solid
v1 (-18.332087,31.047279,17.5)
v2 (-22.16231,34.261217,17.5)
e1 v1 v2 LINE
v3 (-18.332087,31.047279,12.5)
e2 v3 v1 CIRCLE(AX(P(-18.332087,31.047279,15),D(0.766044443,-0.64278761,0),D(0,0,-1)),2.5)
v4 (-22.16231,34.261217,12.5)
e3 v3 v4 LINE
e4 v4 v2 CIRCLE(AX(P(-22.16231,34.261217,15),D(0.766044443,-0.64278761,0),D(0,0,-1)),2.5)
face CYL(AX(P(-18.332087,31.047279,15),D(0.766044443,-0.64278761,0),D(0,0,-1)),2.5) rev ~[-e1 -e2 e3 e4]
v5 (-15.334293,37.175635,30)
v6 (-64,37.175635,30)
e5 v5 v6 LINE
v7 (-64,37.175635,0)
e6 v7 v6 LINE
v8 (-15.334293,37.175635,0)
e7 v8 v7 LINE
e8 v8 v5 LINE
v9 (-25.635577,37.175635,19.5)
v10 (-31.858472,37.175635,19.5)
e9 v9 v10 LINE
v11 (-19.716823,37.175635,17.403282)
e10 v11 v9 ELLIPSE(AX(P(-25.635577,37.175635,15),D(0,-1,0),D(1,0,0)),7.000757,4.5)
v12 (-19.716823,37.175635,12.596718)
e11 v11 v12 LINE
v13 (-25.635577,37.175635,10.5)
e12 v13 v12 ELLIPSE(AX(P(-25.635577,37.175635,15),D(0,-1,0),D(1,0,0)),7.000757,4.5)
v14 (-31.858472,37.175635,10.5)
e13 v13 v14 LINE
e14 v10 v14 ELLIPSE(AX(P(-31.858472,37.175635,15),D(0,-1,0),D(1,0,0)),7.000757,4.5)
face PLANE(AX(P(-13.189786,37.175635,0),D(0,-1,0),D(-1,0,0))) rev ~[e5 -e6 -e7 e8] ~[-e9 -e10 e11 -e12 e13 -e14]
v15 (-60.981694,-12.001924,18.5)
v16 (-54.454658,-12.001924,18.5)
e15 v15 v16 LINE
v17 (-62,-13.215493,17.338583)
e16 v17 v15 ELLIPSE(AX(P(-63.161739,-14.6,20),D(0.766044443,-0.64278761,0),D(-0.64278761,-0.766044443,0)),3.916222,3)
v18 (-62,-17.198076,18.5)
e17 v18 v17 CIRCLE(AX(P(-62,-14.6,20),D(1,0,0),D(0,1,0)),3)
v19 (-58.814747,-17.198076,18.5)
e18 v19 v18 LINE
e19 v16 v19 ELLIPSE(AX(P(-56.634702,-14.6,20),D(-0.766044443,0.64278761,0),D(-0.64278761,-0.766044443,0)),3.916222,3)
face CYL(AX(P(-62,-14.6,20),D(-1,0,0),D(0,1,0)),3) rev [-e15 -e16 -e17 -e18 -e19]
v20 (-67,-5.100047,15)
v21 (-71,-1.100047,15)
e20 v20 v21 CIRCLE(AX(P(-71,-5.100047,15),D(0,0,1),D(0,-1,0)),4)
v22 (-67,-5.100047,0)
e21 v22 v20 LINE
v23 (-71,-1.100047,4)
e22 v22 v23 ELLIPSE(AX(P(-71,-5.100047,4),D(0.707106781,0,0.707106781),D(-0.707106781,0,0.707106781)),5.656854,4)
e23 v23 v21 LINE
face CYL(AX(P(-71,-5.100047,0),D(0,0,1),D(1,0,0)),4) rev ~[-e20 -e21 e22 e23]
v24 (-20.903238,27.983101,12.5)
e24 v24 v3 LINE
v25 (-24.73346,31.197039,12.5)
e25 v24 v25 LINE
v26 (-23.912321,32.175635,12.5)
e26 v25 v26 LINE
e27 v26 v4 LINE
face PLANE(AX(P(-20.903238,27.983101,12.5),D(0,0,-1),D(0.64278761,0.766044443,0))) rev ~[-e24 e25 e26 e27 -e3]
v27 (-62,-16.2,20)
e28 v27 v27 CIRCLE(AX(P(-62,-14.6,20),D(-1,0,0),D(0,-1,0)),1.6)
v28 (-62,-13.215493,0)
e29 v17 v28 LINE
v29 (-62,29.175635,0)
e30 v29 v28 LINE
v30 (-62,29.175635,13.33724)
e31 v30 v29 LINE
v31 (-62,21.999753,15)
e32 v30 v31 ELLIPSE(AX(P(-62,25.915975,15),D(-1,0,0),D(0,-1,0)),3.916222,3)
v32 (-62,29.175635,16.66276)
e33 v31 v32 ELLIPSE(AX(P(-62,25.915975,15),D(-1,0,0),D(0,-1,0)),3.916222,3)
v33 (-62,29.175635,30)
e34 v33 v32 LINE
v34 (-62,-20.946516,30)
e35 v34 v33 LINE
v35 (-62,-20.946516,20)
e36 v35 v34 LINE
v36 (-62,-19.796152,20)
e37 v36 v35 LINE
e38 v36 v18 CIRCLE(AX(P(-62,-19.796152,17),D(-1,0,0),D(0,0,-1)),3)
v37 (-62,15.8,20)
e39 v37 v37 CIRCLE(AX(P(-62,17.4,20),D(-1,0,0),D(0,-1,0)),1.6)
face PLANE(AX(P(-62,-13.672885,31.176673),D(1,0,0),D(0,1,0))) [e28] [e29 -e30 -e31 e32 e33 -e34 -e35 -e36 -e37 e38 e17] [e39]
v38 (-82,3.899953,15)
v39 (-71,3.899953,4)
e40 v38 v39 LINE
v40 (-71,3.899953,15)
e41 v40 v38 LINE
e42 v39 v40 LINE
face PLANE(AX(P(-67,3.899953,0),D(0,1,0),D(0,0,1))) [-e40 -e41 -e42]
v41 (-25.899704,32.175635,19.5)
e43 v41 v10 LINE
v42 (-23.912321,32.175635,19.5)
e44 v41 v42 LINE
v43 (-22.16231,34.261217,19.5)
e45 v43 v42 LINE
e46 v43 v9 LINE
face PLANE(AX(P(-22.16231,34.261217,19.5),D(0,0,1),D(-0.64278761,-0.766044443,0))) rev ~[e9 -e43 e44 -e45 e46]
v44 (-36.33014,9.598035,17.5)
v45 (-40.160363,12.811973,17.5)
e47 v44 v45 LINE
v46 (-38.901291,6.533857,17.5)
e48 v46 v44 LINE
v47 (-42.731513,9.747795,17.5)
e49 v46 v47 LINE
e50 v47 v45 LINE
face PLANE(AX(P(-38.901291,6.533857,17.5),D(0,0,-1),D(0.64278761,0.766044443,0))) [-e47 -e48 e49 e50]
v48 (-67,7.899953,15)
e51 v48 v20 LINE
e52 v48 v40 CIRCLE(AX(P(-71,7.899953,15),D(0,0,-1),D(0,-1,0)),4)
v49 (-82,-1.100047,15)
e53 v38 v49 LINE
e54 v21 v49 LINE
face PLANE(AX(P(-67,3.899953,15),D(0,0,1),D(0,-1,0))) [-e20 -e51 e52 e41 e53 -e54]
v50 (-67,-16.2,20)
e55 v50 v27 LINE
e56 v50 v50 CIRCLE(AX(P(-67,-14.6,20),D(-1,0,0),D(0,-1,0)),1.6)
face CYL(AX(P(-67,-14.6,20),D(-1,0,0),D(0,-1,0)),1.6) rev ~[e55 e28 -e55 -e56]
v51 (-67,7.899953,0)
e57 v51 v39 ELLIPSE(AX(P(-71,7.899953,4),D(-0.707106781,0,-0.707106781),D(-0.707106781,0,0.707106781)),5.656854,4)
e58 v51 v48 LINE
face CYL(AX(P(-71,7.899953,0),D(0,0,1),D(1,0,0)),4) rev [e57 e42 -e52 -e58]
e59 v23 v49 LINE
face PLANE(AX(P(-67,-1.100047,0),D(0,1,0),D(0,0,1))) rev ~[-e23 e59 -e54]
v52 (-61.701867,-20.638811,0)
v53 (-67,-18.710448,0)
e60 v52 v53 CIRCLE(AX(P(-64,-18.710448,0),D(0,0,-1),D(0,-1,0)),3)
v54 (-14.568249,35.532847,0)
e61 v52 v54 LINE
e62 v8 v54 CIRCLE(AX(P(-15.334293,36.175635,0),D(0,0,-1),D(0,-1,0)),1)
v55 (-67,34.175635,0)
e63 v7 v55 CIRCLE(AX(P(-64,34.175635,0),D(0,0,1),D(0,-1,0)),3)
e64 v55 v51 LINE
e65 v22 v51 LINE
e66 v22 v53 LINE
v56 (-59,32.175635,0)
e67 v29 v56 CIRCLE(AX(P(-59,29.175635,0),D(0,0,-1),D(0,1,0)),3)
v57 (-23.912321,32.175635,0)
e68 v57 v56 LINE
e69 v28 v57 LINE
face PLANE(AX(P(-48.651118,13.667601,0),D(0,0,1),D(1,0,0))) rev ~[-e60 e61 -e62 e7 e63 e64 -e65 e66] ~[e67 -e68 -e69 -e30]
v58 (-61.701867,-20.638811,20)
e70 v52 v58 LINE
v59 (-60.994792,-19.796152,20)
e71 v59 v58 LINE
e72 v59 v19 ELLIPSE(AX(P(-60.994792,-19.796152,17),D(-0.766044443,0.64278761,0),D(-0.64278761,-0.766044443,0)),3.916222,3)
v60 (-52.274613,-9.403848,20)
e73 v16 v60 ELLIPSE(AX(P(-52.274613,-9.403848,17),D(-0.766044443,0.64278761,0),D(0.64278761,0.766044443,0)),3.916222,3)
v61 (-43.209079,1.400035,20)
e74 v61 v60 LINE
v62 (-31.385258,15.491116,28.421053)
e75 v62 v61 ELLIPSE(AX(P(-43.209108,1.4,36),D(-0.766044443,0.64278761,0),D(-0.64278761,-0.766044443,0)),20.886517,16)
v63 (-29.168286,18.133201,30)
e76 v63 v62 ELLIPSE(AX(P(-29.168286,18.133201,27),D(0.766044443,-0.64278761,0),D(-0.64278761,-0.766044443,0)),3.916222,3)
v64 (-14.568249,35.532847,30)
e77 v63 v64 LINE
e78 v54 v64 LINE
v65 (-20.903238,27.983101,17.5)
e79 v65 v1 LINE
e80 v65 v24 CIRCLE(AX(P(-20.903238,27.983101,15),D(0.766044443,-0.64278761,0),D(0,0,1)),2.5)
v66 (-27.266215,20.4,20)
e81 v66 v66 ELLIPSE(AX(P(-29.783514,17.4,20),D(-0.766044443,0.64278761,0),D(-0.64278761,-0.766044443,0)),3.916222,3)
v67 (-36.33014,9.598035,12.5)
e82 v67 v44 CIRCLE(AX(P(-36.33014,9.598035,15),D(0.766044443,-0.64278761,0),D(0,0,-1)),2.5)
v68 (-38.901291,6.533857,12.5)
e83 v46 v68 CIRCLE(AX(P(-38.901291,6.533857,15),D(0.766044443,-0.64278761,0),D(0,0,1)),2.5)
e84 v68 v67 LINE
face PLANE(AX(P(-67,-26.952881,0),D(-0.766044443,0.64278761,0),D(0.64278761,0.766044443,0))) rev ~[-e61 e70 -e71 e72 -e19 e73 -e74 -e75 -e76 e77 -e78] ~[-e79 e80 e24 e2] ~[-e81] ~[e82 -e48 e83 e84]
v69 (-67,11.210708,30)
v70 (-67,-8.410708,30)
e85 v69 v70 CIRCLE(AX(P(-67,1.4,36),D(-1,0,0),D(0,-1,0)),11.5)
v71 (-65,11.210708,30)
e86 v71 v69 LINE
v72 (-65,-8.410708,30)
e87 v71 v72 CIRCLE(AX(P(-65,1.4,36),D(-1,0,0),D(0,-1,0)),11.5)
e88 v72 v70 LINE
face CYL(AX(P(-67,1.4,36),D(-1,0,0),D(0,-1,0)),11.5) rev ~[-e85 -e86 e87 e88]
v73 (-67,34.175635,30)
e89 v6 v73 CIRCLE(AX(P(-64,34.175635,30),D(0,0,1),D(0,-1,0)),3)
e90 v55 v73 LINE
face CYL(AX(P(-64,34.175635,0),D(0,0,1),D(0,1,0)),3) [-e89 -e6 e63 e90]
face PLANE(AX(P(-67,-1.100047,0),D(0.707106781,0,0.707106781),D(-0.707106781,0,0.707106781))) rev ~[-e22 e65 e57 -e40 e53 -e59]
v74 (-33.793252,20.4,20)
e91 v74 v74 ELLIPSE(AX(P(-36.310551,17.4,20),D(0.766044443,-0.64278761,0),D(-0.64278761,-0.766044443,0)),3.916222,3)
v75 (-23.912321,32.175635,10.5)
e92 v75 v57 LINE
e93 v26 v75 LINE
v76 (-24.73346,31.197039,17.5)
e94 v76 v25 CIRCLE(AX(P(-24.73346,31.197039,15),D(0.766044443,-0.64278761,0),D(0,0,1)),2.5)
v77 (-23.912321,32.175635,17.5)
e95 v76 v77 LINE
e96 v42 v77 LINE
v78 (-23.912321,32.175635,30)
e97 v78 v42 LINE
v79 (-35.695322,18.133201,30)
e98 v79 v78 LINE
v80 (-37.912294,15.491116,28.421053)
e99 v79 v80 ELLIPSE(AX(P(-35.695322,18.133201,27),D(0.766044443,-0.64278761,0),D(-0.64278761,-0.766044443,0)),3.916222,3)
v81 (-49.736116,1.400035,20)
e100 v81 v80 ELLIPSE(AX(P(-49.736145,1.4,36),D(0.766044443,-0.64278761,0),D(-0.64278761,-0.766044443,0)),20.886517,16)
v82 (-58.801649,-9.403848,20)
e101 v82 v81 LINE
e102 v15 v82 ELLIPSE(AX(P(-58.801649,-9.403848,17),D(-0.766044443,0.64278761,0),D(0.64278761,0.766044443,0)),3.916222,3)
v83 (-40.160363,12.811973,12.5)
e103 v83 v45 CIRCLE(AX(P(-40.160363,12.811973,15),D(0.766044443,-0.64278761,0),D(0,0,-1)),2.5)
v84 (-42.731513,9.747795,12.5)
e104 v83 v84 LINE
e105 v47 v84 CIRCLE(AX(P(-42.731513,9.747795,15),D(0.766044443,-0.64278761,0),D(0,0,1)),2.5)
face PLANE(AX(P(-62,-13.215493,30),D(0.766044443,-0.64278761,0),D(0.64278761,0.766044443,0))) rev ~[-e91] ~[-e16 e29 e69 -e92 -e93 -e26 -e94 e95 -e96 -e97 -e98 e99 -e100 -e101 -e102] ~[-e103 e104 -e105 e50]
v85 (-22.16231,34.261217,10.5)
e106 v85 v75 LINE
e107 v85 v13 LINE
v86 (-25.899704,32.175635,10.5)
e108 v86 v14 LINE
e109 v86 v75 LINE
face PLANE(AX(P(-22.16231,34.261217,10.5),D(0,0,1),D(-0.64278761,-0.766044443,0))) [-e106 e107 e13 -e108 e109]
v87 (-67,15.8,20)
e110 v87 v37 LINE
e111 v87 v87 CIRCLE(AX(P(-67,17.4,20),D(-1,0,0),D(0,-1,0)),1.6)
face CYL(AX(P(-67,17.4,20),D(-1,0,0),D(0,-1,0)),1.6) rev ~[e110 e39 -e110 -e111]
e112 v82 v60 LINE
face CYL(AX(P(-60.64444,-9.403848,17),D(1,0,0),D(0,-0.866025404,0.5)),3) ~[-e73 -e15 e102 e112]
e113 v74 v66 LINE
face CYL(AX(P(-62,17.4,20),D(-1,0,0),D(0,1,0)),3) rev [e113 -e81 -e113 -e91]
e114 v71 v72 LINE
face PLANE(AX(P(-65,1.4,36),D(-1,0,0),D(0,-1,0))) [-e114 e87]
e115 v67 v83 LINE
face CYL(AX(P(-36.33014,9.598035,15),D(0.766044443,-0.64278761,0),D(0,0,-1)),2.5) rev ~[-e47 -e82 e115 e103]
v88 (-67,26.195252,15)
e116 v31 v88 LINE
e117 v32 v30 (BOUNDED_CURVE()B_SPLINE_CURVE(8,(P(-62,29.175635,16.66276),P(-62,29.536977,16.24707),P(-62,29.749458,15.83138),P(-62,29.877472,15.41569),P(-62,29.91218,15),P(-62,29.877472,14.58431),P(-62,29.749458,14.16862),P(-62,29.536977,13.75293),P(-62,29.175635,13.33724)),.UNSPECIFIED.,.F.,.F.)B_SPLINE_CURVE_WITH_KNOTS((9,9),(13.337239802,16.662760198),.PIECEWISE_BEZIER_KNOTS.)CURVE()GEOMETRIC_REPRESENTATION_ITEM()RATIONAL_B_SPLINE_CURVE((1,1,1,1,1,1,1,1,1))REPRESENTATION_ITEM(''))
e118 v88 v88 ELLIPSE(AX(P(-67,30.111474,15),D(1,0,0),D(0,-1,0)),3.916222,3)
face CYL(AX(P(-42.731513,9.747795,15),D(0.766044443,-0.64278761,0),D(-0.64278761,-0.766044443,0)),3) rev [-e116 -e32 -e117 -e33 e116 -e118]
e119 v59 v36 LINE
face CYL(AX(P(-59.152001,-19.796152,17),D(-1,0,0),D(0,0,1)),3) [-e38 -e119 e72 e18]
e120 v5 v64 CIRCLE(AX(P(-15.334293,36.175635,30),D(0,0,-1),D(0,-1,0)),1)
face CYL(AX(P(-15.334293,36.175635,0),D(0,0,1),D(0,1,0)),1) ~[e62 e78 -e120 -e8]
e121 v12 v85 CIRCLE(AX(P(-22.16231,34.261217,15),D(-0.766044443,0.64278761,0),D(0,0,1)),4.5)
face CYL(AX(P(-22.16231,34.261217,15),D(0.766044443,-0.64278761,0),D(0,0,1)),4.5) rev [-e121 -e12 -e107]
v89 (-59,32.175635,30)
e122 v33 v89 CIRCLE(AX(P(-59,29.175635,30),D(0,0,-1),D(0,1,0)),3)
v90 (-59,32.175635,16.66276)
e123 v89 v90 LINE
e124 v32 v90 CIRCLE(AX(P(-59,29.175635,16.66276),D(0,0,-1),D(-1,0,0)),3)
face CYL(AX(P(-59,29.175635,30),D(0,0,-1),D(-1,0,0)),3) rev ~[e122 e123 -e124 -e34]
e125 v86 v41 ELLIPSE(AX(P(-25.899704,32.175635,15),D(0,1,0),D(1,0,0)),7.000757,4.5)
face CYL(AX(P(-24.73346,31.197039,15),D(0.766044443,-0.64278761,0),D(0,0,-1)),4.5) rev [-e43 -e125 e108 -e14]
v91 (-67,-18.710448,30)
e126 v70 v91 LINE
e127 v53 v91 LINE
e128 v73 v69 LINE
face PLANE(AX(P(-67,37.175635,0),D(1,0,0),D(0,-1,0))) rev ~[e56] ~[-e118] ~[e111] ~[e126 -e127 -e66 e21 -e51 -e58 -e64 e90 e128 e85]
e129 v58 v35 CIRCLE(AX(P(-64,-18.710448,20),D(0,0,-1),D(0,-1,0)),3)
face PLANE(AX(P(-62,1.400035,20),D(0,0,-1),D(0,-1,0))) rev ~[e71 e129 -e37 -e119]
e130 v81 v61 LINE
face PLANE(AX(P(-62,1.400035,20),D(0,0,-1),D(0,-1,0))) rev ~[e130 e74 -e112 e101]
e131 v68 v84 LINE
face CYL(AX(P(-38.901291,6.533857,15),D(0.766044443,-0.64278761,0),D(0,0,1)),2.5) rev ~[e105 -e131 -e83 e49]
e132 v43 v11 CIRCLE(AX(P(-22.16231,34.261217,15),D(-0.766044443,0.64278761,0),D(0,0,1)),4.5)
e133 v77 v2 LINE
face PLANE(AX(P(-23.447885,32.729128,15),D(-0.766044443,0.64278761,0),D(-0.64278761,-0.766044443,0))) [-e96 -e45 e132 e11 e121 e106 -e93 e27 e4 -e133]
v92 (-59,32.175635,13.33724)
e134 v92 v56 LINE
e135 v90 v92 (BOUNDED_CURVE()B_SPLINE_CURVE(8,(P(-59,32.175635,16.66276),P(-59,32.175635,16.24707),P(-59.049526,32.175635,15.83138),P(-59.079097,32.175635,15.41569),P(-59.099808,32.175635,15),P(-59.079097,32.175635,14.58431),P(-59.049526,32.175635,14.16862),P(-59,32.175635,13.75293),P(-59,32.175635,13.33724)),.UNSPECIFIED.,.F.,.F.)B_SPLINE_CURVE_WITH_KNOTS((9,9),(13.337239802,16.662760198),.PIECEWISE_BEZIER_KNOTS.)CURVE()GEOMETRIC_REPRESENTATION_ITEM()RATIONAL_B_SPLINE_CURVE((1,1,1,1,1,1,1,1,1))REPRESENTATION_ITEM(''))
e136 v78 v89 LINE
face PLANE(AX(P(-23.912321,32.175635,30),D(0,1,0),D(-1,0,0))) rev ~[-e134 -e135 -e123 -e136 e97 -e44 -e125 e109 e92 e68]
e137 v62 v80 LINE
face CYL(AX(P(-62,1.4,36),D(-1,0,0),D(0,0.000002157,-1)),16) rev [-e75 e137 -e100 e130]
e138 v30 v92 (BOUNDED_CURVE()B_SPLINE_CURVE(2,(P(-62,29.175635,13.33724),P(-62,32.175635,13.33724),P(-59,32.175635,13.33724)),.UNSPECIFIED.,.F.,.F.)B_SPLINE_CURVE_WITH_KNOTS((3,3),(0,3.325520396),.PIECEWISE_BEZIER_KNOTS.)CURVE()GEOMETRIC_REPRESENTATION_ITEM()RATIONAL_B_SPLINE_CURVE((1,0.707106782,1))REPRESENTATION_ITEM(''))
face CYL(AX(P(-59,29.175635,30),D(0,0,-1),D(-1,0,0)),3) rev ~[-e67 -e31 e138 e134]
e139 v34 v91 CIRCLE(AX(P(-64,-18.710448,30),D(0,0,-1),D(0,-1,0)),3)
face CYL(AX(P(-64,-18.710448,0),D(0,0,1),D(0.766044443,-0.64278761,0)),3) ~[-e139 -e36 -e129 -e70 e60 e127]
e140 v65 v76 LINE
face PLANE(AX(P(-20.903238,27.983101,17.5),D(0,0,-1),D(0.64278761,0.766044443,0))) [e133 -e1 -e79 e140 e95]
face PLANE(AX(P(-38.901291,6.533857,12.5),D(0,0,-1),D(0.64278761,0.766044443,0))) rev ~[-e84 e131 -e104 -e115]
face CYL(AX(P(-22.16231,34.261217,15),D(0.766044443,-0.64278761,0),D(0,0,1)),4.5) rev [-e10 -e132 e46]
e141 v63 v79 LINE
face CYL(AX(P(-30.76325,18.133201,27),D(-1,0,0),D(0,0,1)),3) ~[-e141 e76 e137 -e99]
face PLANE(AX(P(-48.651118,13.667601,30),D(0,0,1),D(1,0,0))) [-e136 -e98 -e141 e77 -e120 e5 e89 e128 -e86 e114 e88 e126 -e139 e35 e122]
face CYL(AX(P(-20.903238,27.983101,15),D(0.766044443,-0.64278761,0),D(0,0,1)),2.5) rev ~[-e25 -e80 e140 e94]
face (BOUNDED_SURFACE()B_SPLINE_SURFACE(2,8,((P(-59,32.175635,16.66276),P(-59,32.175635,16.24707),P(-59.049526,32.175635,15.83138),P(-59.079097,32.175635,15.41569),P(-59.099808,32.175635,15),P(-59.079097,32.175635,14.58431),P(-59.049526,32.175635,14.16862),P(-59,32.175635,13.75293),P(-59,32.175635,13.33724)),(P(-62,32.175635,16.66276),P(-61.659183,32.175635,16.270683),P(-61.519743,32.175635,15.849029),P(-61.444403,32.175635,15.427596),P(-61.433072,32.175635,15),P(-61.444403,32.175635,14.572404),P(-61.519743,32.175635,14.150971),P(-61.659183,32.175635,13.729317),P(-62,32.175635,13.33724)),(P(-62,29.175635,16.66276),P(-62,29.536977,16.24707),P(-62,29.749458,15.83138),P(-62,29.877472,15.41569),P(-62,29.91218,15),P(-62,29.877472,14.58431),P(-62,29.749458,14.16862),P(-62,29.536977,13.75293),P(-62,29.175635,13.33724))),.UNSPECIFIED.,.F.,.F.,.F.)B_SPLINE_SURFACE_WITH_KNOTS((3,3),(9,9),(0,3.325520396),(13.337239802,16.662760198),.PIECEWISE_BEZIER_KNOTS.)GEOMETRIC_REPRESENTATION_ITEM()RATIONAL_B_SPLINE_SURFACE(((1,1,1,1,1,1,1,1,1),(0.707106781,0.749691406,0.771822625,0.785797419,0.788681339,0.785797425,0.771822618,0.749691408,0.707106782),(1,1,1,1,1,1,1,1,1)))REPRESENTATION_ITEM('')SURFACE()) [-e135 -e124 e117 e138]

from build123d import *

# Parameters (mm, degrees)
PAD_DEPTH       = 30
POCKET_DEPTH    = 30
POCKET001_DEPTH = 5
SKETCH012_R     = 3
POCKET002_DEPTH = 36.2220150744
SKETCH004_R     = 11.5
POCKET003_DEPTH = 2
SKETCH005_R     = 1.6
POCKET004_DEPTH = 5
SKETCH017_R     = 3
POCKET005_DEPTH = 48.8112135518
POCKET006_DEPTH = 48.8112135518
SKETCH019_W     = 5
SKETCH019_H     = 15
PAD001_DEPTH    = 15
POCKET007_DEPTH = 38.2766814448
FILLET_R        = 3
FILLET001_R     = 3
FILLET002_R     = 3
FILLET003_R     = 3
FILLET004_R     = 4
FILLET005_R     = 1


with BuildPart() as part:
    # Sketch → Pad (new body)
    with BuildSketch(Plane.XY):
        Polygon((-67, -15.6), (-67, -26.9528805906), (-13.1897864482, 37.175634728), (-67, 37.175634728), align=None)
    extrude(amount=PAD_DEPTH)

    # Sketch001 → Pocket (cut)
    with BuildSketch(Plane.XY.offset(30)):
        Polygon((-62, 32.175634728), (-62, -13.2154934933), (-23.9123210508, 32.175634728), align=None)
    extrude(amount=-POCKET_DEPTH, mode=Mode.SUBTRACT)

    # Sketch002 → Pocket001 (cut)
    with BuildSketch(Plane(origin=(-26.045511066, 21.8547787293, 0), x_dir=(0.6427876097, 0.7660444431, 0), z_dir=(0.7660444431, -0.6427876097, 0))):
        with BuildLine():
            ThreePointArc((7.9999570995, 17.5), (5.4999570995, 15), (7.9999570995, 12.5))
            Line((7.9999570995, 12.5), (11.9999570995, 12.5))
            ThreePointArc((11.9999570995, 12.5), (14.4999570995, 15), (11.9999570995, 17.5))
            Line((7.9999570995, 17.5), (11.9999570995, 17.5))
        make_face()
        with BuildLine():
            ThreePointArc((-20.0000429005, 17.5), (-22.5000429005, 15), (-20.0000429005, 12.5))
            Line((-20.0000429005, 12.5), (-16.0000429005, 12.5))
            ThreePointArc((-16.0000429005, 12.5), (-13.5000429005, 15), (-16.0000429005, 17.5))
            Line((-20.0000429005, 17.5), (-16.0000429005, 17.5))
        make_face()
    extrude(amount=-POCKET001_DEPTH, mode=Mode.SUBTRACT)

    # Sketch012 → Pocket002 (cut, through all)
    with BuildSketch(Plane(origin=(-29.8757332816, 25.0687167778, 0), x_dir=(-0.6427876097, -0.7660444431, 0), z_dir=(-0.7660444431, 0.6427876097, 0))):
        with Locations((20.0000429005, 15)):
            Circle(SKETCH012_R)
        with BuildLine():
            ThreePointArc((-11.9999570995, 19.5), (-16.4999570995, 15), (-11.9999570995, 10.5))
            Line((-11.9999570995, 10.5), (-7.9999570995, 10.5))
            ThreePointArc((-7.9999570995, 10.5), (-3.4999570995, 15), (-7.9999570995, 19.5))
            Line((-11.9999570995, 19.5), (-7.9999570995, 19.5))
        make_face()
    extrude(amount=POCKET002_DEPTH, mode=Mode.SUBTRACT)

    # Sketch004 → Pocket003 (cut)
    with BuildSketch(Plane(origin=(-67, 0, 0), x_dir=(0, -1, 0), z_dir=(-1, 0, 0))):
        with Locations((-1.4, 36)):
            Circle(SKETCH004_R)
    extrude(amount=-POCKET003_DEPTH, mode=Mode.SUBTRACT)

    # Sketch005 → Pocket004 (cut)
    with BuildSketch(Plane(origin=(-67, 0, 0), x_dir=(0, -1, 0), z_dir=(-1, 0, 0))):
        with Locations((-17.4, 20)):
            Circle(SKETCH005_R)
        with Locations((14.6, 20)):
            Circle(SKETCH005_R)
    extrude(amount=-POCKET004_DEPTH, mode=Mode.SUBTRACT)

    # Sketch017 → Pocket005 (cut, through all)
    with BuildSketch(Plane.YZ.offset(-62)):
        with Locations((-14.6, 20)):
            Circle(SKETCH017_R)
        with Locations((17.4, 20)):
            Circle(SKETCH017_R)
    extrude(amount=POCKET005_DEPTH, mode=Mode.SUBTRACT)

    # Sketch018 → Pocket006 (cut, through all)
    with BuildSketch(Plane.YZ.offset(-62)):
        with BuildLine():
            ThreePointArc((1.4000345084, 20), (16.63877916, 40.8764341185), (-7.88883473, 49.02756882))
            Line((-48.5999654916, 20), (-7.88883473, 49.02756882))
            Line((1.4000345084, 20), (-48.5999654916, 20))
        make_face()
    extrude(amount=POCKET006_DEPTH, mode=Mode.SUBTRACT)

    # Sketch019 → Pad001 (new body)
    with BuildSketch(Plane(origin=(-67, 0, 0), x_dir=(0, -1, 0), z_dir=(-1, 0, 0))):
        with Locations((-1.3999532833, 7.5)):
            Rectangle(SKETCH019_W, SKETCH019_H)
    extrude(amount=PAD001_DEPTH)

    # Sketch020 → Pocket007 (cut, through all)
    with BuildSketch(Plane.XZ.offset(1.1000467167)):
        Polygon((-82, 15), (-82, 0), (-67, 0), align=None)
    extrude(amount=-POCKET007_DEPTH, mode=Mode.SUBTRACT)

    # Fillet
    fillet_edges = [part.edges().sort_by_distance(p)[0] for p in [
        (-67, -26.952881, 15),
    ]]
    fillet(fillet_edges, radius=FILLET_R)

    # Fillet001
    fillet001_edges = [part.edges().sort_by_distance(p)[0] for p in [
        (-67, 37.175635, 15),
    ]]
    fillet(fillet001_edges, radius=FILLET001_R)

    # Fillet002
    fillet002_edges = [part.edges().sort_by_distance(p)[0] for p in [
        (-62, 32.175635, 15),
    ]]
    fillet(fillet002_edges, radius=FILLET002_R)

    # Fillet003
    fillet003_edges = [part.edges().sort_by_distance(p)[0] for p in [
        (-60.576001, -17.6, 20),
        (-57.380922, -11.6, 20),
        (-34.026768, 16.232397, 30),
    ]]
    fillet(fillet003_edges, radius=FILLET003_R)

    # Fillet004
    fillet004_edges = [part.edges().sort_by_distance(p)[0] for p in [
        (-67, -1.100047, 7.5),
        (-67, 3.899953, 7.5),
    ]]
    fillet(fillet004_edges, radius=FILLET004_R)

    # Fillet005
    fillet005_edges = [part.edges().sort_by_distance(p)[0] for p in [
        (-13.189786, 37.175635, 15),
    ]]
    fillet(fillet005_edges, radius=FILLET005_R)


solid = part.part
